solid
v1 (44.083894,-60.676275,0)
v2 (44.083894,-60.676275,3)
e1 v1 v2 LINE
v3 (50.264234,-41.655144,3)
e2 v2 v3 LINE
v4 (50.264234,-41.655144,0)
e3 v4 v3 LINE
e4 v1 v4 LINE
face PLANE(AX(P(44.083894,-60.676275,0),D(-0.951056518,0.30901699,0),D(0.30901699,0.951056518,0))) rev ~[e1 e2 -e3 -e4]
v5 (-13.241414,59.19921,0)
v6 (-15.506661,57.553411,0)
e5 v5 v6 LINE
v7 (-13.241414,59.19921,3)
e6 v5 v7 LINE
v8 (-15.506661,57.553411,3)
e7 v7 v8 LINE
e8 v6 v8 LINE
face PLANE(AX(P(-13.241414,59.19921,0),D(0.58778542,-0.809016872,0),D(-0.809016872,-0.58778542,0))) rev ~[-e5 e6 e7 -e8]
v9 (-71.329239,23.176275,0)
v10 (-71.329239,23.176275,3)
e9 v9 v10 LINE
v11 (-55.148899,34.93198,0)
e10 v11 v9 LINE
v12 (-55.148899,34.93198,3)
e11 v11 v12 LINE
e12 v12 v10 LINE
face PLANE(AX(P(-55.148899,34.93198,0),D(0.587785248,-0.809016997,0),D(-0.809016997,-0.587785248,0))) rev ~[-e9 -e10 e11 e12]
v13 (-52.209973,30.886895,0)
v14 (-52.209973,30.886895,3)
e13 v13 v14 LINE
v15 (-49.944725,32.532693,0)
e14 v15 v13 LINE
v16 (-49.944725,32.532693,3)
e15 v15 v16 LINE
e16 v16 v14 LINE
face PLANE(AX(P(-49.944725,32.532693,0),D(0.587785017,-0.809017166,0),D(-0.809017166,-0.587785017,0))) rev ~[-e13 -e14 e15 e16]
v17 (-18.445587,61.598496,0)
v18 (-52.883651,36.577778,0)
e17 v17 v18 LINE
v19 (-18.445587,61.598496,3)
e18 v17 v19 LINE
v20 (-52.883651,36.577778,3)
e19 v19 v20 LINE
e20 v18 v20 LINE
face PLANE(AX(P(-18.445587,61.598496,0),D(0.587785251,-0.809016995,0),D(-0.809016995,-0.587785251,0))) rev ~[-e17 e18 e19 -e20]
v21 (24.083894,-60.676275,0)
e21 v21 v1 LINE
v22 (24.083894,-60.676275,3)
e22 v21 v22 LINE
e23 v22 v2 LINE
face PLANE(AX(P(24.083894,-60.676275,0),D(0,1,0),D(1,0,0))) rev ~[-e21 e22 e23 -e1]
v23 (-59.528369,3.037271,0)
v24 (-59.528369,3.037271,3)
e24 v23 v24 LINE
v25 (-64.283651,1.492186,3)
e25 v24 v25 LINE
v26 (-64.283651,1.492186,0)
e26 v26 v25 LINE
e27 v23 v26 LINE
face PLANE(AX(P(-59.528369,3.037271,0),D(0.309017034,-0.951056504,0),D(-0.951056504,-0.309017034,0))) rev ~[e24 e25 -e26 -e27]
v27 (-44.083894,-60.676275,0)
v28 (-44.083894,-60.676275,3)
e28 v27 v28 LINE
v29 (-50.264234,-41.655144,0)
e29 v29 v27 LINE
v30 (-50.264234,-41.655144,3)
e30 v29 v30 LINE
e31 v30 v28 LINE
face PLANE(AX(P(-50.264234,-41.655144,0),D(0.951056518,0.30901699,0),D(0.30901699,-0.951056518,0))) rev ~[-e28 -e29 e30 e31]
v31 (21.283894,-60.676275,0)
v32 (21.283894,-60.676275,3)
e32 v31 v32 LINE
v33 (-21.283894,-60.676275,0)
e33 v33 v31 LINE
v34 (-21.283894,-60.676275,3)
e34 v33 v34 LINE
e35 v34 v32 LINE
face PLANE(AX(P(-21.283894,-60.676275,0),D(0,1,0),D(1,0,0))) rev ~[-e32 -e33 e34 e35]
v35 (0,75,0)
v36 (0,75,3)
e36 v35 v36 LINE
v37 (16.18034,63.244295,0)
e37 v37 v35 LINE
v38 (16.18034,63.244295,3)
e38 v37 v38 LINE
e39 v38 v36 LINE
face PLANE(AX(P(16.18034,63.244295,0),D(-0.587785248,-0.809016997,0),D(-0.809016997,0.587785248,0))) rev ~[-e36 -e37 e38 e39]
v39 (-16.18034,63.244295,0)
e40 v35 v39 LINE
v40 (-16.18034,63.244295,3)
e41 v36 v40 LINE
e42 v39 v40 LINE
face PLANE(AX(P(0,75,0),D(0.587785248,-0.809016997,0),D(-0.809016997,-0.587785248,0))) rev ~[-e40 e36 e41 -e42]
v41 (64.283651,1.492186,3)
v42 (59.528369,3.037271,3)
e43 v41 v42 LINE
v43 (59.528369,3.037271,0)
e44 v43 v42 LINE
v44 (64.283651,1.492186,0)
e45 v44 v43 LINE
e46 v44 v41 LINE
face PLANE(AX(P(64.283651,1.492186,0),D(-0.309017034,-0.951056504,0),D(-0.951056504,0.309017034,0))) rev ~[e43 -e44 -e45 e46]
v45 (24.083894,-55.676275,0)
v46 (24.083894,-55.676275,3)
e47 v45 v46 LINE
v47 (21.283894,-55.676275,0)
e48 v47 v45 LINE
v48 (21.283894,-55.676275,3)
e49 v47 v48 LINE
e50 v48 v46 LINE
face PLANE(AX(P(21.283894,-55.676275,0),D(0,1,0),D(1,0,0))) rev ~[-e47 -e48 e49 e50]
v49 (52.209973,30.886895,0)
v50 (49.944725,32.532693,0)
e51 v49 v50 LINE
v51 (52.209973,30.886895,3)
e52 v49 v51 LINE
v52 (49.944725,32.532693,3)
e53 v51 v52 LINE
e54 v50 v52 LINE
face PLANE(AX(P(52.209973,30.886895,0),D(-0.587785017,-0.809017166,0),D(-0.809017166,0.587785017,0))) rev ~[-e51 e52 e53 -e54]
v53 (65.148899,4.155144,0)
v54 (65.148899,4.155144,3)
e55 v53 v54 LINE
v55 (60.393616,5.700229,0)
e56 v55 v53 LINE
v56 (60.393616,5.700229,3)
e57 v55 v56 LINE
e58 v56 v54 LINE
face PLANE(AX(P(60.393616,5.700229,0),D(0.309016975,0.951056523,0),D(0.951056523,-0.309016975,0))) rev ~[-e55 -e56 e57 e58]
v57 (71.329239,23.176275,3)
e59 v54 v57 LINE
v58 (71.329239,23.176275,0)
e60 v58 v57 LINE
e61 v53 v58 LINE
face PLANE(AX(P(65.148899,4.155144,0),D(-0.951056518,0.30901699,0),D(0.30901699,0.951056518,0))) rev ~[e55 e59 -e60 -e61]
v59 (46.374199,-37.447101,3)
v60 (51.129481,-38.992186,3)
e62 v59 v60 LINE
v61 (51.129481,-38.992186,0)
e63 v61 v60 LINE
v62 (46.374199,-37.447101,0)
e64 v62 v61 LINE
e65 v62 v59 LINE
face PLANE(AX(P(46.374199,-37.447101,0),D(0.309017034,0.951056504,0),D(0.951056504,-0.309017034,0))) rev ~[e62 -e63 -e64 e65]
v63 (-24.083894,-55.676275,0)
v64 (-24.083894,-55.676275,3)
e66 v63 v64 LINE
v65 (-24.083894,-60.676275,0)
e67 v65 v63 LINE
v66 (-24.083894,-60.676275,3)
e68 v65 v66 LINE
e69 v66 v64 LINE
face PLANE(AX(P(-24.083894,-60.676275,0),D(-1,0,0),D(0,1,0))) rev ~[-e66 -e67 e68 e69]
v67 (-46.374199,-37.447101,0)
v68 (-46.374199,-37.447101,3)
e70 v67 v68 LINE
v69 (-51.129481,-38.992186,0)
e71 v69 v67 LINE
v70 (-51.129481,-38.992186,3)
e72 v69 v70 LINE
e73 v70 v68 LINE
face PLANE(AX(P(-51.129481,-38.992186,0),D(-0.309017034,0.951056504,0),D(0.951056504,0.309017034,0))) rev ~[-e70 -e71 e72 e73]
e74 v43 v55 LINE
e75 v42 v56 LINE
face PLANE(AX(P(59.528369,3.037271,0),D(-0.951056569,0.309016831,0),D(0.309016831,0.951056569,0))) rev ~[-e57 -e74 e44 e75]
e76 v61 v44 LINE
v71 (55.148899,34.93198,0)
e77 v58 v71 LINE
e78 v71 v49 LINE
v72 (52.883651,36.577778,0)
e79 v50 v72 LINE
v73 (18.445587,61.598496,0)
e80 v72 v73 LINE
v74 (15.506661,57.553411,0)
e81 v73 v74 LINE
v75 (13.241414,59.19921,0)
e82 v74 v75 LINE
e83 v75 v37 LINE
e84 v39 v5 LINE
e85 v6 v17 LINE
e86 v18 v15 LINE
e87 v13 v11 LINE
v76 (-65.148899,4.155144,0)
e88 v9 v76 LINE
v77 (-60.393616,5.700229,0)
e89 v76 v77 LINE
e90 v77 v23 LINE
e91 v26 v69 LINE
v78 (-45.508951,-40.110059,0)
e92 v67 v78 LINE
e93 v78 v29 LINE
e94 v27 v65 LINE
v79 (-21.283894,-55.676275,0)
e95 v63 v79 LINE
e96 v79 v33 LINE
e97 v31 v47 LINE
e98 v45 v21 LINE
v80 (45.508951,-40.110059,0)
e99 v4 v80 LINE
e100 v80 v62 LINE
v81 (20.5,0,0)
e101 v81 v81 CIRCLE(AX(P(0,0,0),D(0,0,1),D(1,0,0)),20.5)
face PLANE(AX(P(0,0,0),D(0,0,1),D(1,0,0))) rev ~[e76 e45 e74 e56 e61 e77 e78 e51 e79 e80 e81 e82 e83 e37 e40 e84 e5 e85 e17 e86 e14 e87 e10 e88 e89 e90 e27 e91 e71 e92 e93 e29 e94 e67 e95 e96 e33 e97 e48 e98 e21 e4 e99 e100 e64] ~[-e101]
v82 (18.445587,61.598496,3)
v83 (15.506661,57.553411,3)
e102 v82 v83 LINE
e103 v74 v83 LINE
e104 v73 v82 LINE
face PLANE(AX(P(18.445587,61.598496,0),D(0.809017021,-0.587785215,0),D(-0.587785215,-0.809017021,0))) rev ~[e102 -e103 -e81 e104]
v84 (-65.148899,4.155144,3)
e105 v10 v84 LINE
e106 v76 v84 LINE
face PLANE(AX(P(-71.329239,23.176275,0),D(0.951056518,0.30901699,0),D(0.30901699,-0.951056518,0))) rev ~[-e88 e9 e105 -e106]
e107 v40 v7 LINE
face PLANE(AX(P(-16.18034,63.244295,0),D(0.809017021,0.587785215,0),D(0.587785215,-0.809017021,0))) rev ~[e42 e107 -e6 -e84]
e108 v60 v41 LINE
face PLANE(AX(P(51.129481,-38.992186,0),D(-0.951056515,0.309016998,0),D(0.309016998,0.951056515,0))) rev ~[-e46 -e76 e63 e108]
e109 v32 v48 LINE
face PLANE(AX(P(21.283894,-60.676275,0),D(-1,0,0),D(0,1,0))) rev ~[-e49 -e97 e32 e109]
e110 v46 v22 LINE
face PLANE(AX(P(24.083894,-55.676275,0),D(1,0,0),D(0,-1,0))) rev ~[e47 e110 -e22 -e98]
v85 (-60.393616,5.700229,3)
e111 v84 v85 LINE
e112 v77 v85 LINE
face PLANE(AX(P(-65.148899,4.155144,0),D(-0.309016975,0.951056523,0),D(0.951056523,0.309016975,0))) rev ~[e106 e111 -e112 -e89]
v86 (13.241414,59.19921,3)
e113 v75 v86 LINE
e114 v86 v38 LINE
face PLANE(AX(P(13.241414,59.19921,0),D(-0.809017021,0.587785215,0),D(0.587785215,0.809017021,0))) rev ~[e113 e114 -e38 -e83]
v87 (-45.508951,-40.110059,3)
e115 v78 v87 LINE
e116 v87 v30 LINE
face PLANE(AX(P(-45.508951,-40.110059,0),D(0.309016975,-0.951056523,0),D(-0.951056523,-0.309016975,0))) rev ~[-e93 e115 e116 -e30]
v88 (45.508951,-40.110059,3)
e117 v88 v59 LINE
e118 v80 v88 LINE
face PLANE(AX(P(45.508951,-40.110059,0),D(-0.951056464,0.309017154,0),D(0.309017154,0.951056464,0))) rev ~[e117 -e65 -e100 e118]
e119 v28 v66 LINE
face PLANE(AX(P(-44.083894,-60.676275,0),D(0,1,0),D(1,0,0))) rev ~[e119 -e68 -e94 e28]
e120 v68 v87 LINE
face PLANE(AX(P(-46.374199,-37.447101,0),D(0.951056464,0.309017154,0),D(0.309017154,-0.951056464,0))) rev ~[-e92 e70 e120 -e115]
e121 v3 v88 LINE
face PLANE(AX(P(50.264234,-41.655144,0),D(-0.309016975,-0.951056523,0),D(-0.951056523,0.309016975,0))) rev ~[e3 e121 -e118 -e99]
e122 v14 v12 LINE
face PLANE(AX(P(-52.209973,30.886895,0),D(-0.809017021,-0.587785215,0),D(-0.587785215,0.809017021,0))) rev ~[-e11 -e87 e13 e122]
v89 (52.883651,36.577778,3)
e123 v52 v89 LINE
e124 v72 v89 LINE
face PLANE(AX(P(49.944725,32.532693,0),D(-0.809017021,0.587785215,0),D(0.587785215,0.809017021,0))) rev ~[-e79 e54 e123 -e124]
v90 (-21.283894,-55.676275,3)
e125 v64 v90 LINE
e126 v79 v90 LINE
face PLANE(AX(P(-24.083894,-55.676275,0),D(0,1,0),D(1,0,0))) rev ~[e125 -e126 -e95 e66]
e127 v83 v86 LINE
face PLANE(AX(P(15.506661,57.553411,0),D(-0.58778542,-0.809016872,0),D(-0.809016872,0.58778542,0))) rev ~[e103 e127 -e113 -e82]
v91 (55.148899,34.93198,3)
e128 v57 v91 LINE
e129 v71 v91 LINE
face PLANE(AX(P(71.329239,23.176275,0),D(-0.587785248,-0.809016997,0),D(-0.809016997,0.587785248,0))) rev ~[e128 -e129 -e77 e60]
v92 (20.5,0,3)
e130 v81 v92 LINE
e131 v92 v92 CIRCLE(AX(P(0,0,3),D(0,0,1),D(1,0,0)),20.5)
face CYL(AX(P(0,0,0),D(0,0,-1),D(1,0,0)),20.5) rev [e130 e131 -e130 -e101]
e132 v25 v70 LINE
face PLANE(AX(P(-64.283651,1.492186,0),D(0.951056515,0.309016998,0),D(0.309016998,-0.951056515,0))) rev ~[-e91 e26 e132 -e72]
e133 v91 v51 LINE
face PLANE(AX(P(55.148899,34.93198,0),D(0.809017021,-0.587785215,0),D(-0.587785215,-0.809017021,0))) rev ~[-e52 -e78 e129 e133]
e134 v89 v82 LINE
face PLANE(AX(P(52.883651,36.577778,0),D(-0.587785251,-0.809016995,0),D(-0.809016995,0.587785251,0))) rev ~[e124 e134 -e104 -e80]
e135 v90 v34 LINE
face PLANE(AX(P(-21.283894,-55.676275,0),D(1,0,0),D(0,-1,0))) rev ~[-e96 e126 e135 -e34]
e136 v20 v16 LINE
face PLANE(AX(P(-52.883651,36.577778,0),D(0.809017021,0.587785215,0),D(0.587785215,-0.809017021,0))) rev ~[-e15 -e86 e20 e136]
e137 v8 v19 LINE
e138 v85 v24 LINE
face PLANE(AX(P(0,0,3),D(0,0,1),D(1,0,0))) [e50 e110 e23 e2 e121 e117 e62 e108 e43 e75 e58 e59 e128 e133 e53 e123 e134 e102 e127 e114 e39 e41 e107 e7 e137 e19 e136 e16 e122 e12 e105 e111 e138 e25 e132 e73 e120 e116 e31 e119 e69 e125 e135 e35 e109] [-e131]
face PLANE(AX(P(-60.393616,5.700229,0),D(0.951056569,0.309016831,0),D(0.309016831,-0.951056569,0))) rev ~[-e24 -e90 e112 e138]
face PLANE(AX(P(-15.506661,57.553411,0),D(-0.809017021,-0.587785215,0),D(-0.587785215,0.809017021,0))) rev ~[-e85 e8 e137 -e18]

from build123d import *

# Parameters (mm, degrees)
F0_R     = 20.5
F1_DEPTH = 3


with BuildPart() as f1:
    # F0 (on Top) → F1 (new body)
    with BuildSketch(Plane.XY):
        Polygon((16.18034, 63.244295), (0, 75), (-16.18034, 63.244295), (-13.241414, 59.19921), (-15.506661, 57.553411), (-18.445587, 61.598496), (-52.883651, 36.577778), (-49.944725, 32.532693), (-52.209973, 30.886895), (-55.148899, 34.93198), (-71.329239, 23.176275), (-65.148899, 4.155144), (-60.393616, 5.700229), (-59.528369, 3.037271), (-64.283651, 1.492186), (-51.129481, -38.992186), (-46.374199, -37.447101), (-45.508951, -40.110059), (-50.264234, -41.655144), (-44.083894, -60.676275), (-24.083894, -60.676275), (-24.083894, -55.676275), (-21.283894, -55.676275), (-21.283894, -60.676275), (21.283894, -60.676275), (21.283894, -55.676275), (24.083894, -55.676275), (24.083894, -60.676275), (44.083894, -60.676275), (50.264234, -41.655144), (45.508951, -40.110059), (46.374199, -37.447101), (51.129481, -38.992186), (64.283651, 1.492186), (59.528369, 3.037271), (60.393616, 5.700229), (65.148899, 4.155144), (71.329239, 23.176275), (55.148899, 34.93198), (52.209973, 30.886895), (49.944725, 32.532693), (52.883651, 36.577778), (18.445587, 61.598496), (15.506661, 57.553411), (13.241414, 59.19921), align=None)
        Circle(F0_R, mode=Mode.SUBTRACT)
    extrude(amount=F1_DEPTH)


solid = f1.part
